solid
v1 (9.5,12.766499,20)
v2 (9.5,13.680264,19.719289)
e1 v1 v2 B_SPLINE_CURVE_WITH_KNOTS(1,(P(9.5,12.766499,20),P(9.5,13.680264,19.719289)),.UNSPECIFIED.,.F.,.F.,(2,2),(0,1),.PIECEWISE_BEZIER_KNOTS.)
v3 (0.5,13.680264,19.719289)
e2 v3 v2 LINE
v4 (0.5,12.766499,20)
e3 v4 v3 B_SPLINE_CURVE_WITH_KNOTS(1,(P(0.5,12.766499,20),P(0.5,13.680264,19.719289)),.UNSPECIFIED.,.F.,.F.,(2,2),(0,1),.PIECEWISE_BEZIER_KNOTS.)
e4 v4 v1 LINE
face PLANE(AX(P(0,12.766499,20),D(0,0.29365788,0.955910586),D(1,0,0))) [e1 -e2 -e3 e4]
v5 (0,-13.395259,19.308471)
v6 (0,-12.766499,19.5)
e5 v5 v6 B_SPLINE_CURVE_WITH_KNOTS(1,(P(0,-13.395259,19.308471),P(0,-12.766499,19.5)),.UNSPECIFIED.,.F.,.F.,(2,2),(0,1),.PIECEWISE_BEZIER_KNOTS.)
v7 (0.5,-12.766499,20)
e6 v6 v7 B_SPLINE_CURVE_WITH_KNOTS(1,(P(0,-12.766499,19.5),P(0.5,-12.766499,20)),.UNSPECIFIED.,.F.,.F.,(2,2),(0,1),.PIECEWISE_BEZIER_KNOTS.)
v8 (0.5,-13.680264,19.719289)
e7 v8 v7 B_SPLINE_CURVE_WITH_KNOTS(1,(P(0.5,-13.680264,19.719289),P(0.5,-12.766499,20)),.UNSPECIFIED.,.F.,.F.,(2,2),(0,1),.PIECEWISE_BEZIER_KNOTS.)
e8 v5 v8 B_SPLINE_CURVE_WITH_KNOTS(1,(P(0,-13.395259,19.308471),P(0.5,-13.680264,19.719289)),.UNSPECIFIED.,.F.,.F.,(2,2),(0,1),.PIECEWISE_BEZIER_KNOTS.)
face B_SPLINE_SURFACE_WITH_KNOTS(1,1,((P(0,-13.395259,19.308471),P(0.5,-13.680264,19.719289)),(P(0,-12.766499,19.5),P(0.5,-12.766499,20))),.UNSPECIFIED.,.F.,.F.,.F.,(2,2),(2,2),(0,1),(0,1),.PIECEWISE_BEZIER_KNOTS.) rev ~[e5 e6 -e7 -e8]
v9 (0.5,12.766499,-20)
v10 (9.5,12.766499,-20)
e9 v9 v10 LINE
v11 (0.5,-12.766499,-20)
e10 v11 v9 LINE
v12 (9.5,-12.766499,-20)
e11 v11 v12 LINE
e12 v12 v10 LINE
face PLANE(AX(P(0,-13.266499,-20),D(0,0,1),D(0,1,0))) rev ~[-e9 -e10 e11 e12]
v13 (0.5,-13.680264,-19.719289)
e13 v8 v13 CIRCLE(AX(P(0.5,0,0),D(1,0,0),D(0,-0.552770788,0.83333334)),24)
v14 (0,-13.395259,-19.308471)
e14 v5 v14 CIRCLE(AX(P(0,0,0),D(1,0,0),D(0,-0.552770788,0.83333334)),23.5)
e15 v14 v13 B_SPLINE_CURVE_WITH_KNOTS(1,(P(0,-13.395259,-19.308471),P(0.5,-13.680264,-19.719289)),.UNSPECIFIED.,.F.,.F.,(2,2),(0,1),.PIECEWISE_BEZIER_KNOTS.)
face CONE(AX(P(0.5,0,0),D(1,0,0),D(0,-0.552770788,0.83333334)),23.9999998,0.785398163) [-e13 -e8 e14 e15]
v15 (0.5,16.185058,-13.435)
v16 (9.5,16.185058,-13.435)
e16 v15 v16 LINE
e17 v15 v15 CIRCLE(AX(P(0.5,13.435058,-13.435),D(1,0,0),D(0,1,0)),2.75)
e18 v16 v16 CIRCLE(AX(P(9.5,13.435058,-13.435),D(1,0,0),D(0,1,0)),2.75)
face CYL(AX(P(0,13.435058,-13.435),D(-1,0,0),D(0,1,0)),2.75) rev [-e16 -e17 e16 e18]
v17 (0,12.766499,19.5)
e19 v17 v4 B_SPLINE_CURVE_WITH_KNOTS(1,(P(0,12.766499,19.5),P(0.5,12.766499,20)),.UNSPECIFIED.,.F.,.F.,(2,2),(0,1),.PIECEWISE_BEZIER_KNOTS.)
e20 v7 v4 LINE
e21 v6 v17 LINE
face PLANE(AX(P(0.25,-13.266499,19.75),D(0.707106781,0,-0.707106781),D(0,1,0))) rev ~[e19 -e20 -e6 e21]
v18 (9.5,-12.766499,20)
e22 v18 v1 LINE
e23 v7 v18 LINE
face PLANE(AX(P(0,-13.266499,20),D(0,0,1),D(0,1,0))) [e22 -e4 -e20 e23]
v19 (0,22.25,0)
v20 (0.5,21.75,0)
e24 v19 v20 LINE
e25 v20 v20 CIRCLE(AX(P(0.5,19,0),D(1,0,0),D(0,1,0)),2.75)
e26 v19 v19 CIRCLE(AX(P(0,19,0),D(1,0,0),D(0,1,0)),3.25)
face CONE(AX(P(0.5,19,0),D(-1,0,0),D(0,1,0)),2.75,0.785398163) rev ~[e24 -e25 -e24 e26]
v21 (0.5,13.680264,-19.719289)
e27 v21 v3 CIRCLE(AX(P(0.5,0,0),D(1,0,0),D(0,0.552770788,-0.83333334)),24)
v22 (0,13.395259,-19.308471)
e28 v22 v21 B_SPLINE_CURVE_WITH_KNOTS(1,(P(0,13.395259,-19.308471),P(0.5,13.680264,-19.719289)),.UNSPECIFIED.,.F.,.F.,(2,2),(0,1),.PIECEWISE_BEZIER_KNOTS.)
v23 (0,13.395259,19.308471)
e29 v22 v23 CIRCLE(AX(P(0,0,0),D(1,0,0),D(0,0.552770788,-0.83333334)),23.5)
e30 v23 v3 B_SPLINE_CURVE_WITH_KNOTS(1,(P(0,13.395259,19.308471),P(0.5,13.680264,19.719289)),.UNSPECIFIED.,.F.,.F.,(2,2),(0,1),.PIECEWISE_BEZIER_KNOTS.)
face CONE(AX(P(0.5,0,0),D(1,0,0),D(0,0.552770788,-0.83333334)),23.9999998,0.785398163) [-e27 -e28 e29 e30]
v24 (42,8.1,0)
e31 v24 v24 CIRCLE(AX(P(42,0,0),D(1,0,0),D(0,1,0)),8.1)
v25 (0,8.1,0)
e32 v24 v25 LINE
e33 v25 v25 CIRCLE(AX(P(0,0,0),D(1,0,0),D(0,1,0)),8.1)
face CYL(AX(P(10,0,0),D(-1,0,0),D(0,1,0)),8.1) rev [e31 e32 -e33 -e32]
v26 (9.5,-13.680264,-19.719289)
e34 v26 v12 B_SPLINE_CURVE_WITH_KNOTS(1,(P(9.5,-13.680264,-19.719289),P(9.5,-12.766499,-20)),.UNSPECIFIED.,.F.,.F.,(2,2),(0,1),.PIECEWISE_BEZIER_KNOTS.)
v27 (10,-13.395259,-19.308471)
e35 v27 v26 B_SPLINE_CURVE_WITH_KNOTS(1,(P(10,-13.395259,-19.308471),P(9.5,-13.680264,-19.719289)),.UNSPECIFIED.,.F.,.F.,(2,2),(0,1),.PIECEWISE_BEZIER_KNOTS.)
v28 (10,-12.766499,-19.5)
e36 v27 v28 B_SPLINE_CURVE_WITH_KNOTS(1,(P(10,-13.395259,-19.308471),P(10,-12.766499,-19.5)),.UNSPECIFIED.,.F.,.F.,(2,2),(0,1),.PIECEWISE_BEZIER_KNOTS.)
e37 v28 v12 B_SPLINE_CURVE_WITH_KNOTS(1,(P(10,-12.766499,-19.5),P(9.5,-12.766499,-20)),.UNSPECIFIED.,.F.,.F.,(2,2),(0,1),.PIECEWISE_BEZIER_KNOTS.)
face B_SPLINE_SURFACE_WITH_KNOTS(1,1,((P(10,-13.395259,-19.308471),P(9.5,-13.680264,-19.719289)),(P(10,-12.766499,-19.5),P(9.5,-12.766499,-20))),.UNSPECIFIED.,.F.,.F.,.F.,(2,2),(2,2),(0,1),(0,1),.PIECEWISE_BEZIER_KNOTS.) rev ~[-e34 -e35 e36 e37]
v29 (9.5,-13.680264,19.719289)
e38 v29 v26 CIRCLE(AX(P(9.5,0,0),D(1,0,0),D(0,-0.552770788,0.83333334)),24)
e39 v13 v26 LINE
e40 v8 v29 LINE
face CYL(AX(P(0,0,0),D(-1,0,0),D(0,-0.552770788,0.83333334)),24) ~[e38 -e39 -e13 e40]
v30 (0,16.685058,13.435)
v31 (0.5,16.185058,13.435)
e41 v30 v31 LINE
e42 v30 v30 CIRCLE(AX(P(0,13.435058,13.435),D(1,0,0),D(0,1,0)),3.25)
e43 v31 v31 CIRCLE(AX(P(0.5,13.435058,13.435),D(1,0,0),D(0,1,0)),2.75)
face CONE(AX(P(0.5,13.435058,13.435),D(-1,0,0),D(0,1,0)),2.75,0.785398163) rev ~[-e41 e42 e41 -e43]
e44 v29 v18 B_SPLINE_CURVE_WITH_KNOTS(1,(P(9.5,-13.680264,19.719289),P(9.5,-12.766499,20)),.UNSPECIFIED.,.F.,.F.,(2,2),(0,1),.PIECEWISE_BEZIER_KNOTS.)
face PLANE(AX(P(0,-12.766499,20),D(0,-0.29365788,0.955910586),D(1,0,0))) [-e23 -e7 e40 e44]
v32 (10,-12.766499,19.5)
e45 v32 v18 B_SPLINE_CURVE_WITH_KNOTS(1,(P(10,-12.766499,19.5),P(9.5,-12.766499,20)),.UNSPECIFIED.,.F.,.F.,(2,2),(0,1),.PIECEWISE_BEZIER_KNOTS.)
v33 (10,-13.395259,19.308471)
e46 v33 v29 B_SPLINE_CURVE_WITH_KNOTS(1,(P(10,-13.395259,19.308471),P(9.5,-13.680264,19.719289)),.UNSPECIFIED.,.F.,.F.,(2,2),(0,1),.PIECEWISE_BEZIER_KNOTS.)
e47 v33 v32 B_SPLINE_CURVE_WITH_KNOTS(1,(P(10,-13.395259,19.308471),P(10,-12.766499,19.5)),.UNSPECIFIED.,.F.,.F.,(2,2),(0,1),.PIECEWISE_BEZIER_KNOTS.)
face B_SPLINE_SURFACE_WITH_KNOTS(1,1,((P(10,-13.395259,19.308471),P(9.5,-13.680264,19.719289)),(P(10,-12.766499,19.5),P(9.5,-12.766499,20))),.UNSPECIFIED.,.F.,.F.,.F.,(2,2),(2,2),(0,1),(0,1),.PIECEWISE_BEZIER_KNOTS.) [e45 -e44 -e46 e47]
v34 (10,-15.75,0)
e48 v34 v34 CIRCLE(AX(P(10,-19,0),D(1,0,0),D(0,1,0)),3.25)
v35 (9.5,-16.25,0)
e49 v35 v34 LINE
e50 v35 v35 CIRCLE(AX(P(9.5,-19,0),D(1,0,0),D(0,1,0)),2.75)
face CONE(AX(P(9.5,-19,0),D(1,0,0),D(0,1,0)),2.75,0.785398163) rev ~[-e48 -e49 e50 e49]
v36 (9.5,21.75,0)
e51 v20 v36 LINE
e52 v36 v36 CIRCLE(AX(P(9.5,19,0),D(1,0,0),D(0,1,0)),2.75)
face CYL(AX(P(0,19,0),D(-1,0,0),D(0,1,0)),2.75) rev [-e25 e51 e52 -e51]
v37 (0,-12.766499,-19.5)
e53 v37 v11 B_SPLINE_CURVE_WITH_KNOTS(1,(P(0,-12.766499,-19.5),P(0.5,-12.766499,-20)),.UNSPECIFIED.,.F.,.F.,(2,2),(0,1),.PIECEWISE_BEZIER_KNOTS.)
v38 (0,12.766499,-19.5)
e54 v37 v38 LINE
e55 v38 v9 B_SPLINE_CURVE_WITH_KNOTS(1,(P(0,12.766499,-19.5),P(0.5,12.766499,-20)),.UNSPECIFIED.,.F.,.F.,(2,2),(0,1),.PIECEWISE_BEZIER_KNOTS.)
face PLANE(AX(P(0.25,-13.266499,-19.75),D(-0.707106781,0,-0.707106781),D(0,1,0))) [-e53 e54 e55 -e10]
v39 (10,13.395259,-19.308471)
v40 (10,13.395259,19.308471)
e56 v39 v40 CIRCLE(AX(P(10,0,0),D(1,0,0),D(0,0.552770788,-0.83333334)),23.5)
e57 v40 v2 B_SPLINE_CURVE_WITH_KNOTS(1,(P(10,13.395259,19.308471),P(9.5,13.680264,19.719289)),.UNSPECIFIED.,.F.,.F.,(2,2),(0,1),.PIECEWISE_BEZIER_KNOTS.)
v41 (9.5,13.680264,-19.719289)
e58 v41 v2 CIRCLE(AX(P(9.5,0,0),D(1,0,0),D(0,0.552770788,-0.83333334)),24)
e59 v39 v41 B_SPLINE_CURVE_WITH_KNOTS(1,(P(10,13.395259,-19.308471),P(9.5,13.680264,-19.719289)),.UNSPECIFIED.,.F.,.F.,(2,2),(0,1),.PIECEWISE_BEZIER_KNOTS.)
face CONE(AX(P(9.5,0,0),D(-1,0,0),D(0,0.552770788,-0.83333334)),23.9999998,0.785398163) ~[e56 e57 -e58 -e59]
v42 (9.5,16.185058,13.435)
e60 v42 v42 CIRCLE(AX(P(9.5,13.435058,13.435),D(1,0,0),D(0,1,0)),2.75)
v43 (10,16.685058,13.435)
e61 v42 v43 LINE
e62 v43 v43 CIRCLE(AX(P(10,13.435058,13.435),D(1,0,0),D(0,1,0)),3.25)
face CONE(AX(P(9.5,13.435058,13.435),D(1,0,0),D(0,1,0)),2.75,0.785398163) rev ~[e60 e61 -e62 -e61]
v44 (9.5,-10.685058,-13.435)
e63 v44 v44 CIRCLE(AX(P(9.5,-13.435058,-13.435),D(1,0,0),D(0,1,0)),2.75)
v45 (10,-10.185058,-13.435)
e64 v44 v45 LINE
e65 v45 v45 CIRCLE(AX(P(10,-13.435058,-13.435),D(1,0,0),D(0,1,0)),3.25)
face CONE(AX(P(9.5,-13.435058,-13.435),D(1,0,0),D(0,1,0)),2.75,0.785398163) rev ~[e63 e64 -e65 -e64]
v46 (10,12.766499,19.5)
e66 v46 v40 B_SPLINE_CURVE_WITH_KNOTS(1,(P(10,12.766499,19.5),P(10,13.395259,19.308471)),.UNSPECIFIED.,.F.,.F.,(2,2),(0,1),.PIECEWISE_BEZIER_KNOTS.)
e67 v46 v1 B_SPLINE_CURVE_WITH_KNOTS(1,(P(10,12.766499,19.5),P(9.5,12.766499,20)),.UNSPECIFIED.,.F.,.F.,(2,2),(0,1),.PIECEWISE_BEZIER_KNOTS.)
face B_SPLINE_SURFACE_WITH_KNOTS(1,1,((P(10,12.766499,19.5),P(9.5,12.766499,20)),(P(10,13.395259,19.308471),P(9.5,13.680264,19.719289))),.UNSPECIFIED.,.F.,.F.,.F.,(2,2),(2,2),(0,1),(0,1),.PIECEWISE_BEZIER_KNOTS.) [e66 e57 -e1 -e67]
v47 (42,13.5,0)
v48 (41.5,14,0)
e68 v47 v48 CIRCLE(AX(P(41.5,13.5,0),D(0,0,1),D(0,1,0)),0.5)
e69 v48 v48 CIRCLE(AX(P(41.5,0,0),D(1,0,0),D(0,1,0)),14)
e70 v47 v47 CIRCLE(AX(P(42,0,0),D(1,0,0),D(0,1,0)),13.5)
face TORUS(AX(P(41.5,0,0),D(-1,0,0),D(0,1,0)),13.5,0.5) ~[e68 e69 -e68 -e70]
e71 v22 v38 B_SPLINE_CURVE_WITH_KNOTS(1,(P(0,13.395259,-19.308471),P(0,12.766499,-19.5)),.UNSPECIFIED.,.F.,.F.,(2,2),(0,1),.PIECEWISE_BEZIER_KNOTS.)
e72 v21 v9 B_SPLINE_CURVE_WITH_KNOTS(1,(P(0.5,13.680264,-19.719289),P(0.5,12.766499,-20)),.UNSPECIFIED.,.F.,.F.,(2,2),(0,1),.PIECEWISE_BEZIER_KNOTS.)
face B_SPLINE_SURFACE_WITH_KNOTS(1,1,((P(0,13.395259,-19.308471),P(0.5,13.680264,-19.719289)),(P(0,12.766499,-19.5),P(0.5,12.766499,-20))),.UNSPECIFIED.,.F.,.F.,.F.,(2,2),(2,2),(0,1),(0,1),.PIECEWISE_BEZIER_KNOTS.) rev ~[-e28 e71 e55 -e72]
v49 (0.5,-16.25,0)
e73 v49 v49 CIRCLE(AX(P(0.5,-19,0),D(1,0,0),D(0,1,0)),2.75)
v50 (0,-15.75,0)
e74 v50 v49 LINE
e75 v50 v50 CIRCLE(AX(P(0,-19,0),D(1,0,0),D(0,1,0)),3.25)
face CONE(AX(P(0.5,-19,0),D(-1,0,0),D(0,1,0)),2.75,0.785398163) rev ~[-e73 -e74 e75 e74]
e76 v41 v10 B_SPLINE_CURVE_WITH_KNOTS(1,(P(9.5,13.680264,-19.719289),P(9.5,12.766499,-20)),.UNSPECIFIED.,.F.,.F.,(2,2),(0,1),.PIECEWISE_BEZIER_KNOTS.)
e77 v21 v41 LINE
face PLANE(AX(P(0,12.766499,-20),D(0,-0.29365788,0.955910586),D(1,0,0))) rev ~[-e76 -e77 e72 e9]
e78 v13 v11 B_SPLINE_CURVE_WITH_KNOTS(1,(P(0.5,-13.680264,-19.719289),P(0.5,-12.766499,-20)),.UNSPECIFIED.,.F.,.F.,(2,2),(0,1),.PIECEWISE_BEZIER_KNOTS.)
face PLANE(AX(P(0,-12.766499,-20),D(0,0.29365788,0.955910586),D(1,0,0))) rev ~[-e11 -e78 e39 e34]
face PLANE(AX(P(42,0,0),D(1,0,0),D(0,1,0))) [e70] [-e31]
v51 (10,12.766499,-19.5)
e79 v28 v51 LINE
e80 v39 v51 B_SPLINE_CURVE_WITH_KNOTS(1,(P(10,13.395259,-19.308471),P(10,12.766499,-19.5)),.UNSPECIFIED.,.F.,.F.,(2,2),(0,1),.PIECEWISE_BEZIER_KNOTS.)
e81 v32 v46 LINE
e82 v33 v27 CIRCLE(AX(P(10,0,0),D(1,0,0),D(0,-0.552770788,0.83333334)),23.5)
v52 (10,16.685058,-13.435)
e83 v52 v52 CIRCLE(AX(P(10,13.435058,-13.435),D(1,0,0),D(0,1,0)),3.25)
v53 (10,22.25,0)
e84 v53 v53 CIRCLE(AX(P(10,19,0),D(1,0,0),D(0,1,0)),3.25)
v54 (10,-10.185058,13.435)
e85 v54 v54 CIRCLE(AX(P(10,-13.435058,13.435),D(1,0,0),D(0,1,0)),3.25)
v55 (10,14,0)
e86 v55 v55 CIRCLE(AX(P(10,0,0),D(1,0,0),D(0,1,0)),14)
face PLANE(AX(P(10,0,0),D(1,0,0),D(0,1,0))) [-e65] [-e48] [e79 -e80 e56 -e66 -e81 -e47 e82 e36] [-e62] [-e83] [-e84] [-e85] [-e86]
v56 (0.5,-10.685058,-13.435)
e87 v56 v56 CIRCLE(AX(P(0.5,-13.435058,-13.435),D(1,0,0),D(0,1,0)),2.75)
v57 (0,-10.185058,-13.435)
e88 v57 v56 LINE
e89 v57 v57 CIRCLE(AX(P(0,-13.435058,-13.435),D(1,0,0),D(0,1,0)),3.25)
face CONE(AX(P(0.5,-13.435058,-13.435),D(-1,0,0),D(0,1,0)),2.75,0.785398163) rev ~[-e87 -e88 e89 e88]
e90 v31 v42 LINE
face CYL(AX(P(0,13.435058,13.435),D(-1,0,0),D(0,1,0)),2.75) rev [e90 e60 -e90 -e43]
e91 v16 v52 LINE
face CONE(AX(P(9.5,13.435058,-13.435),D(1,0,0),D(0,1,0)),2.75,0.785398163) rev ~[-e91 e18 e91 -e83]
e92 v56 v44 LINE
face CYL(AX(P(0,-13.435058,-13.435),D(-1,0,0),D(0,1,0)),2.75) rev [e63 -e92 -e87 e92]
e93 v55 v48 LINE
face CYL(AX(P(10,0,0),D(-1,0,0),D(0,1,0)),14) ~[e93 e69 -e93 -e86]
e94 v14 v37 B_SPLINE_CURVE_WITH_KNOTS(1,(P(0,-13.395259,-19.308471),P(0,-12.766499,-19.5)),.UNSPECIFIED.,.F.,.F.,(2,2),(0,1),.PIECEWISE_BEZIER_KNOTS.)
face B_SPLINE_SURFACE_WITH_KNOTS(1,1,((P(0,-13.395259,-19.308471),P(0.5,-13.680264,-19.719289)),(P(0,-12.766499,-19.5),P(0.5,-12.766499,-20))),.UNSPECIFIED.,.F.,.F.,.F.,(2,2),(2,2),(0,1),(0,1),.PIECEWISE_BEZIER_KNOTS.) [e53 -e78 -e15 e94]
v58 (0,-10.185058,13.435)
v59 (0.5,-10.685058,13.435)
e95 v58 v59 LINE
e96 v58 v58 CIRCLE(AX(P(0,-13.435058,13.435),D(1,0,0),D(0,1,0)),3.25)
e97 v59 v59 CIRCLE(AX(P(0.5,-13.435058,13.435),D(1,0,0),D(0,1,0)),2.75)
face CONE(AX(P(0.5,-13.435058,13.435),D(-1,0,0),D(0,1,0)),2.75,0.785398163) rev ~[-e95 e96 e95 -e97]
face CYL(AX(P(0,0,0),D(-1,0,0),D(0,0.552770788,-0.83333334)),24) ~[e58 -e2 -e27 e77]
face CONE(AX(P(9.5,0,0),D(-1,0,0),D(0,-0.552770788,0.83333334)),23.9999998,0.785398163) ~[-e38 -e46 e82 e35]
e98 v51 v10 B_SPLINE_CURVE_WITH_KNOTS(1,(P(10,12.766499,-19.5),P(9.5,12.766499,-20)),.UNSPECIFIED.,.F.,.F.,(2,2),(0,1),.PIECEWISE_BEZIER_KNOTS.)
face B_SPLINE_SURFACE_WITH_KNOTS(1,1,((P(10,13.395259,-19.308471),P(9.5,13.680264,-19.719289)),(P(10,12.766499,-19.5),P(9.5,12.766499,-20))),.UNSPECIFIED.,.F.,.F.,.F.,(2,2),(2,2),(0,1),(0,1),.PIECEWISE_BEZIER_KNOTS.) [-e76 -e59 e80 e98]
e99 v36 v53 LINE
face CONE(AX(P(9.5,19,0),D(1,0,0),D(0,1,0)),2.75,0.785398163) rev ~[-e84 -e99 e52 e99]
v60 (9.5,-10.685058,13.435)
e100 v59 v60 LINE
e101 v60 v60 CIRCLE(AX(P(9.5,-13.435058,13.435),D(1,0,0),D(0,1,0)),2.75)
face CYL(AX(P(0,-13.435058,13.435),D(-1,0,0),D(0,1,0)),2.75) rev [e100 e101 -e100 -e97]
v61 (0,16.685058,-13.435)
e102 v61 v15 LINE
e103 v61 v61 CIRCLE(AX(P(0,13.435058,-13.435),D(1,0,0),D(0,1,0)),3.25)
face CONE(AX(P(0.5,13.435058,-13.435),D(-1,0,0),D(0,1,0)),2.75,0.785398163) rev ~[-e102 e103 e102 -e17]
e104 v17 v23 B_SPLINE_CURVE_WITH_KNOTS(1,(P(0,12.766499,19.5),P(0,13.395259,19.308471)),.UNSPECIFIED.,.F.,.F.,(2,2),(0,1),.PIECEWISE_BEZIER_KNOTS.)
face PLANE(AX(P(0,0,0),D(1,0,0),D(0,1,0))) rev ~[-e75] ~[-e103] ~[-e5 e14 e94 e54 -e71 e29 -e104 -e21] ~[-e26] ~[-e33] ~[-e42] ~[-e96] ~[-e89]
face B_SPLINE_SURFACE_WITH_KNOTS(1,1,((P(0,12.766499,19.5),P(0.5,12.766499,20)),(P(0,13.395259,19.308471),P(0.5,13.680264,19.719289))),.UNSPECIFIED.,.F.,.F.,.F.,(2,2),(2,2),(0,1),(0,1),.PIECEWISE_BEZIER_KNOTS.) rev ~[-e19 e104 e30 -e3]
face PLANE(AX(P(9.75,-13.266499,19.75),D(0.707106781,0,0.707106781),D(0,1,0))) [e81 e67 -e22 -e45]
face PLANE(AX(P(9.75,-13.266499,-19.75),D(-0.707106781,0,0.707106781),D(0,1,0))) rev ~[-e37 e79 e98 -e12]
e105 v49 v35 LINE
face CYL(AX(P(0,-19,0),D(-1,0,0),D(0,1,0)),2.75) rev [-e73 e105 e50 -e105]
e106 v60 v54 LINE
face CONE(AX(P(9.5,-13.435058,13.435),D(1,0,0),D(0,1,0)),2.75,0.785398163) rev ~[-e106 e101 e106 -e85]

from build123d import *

# Parameters (mm, degrees)
SKETCH_R        = 2.75
SKETCH_R_2      = 8.1
PAD_DEPTH       = 10
SKETCH001_R     = 14
SKETCH001_R_2   = 8.1
PAD001_DEPTH    = 32
CHAMFER_SIZE    = 0.5
FILLET_R        = 0.5
CHAMFER001_SIZE = 0.5


with BuildPart() as part:
    # Sketch → Pad (new body)
    with BuildSketch(Plane.YZ):
        with BuildLine():
            ThreePointArc((-13.266499, 20), (-24, 0), (-13.266499, -20))
            Line((-13.266499, -20), (13.266499, -20))
            ThreePointArc((13.266499, -20), (24, 0), (13.266499, 20))
            Line((-13.266499, 20), (13.266499, 20))
        make_face()
        with Locations((-13.435058, 13.435)):
            Circle(SKETCH_R, mode=Mode.SUBTRACT)
        with Locations((-19, 0)):
            Circle(SKETCH_R, mode=Mode.SUBTRACT)
        with Locations((-13.435058, -13.435)):
            Circle(SKETCH_R, mode=Mode.SUBTRACT)
        with Locations((13.435058, 13.435)):
            Circle(SKETCH_R, mode=Mode.SUBTRACT)
        with Locations((19, 0)):
            Circle(SKETCH_R, mode=Mode.SUBTRACT)
        with Locations((13.435058, -13.435)):
            Circle(SKETCH_R, mode=Mode.SUBTRACT)
        Circle(SKETCH_R_2, mode=Mode.SUBTRACT)
    extrude(amount=PAD_DEPTH)

    # Sketch001 → Pad001 (new body)
    with BuildSketch(Plane.YZ.offset(10)):
        Circle(SKETCH001_R)
        Circle(SKETCH001_R_2, mode=Mode.SUBTRACT)
    extrude(amount=PAD001_DEPTH)

    # Chamfer
    chamfer_edges = [part.edges().sort_by_distance(p)[0] for p in [
        (0, -16.185058, -13.435),
        (10, -16.185058, -13.435),
        (0, -21.75, 0),
        (10, -21.75, 0),
        (0, -16.185058, 13.435),
        (10, -16.185058, 13.435),
        (0, 10.685058, 13.435),
        (10, 10.685058, 13.435),
        (0, 16.25, 0),
        (10, 16.25, 0),
        (0, 10.685058, -13.435),
        (10, 10.685058, -13.435),
    ]]
    chamfer(chamfer_edges, length=CHAMFER_SIZE)

    # Fillet
    fillet_edges = [part.edges().sort_by_distance(p)[0] for p in [
        (42, -14, 0),
    ]]
    fillet(fillet_edges, radius=FILLET_R)

    # Chamfer001
    chamfer001_edges = [part.edges().sort_by_distance(p)[0] for p in [
        (5, -13.266499, 20),
        (5, -13.266499, -20),
        (0, -24, 0),
        (10, -24, 0),
        (5, 13.266499, 20),
        (0, 0, 20),
        (10, 0, 20),
        (5, 13.266499, -20),
        (0, 24, 0),
        (10, 24, 0),
        (0, 0, -20),
        (10, 0, -20),
    ]]
    chamfer(chamfer001_edges, length=CHAMFER001_SIZE)


solid = part.part
